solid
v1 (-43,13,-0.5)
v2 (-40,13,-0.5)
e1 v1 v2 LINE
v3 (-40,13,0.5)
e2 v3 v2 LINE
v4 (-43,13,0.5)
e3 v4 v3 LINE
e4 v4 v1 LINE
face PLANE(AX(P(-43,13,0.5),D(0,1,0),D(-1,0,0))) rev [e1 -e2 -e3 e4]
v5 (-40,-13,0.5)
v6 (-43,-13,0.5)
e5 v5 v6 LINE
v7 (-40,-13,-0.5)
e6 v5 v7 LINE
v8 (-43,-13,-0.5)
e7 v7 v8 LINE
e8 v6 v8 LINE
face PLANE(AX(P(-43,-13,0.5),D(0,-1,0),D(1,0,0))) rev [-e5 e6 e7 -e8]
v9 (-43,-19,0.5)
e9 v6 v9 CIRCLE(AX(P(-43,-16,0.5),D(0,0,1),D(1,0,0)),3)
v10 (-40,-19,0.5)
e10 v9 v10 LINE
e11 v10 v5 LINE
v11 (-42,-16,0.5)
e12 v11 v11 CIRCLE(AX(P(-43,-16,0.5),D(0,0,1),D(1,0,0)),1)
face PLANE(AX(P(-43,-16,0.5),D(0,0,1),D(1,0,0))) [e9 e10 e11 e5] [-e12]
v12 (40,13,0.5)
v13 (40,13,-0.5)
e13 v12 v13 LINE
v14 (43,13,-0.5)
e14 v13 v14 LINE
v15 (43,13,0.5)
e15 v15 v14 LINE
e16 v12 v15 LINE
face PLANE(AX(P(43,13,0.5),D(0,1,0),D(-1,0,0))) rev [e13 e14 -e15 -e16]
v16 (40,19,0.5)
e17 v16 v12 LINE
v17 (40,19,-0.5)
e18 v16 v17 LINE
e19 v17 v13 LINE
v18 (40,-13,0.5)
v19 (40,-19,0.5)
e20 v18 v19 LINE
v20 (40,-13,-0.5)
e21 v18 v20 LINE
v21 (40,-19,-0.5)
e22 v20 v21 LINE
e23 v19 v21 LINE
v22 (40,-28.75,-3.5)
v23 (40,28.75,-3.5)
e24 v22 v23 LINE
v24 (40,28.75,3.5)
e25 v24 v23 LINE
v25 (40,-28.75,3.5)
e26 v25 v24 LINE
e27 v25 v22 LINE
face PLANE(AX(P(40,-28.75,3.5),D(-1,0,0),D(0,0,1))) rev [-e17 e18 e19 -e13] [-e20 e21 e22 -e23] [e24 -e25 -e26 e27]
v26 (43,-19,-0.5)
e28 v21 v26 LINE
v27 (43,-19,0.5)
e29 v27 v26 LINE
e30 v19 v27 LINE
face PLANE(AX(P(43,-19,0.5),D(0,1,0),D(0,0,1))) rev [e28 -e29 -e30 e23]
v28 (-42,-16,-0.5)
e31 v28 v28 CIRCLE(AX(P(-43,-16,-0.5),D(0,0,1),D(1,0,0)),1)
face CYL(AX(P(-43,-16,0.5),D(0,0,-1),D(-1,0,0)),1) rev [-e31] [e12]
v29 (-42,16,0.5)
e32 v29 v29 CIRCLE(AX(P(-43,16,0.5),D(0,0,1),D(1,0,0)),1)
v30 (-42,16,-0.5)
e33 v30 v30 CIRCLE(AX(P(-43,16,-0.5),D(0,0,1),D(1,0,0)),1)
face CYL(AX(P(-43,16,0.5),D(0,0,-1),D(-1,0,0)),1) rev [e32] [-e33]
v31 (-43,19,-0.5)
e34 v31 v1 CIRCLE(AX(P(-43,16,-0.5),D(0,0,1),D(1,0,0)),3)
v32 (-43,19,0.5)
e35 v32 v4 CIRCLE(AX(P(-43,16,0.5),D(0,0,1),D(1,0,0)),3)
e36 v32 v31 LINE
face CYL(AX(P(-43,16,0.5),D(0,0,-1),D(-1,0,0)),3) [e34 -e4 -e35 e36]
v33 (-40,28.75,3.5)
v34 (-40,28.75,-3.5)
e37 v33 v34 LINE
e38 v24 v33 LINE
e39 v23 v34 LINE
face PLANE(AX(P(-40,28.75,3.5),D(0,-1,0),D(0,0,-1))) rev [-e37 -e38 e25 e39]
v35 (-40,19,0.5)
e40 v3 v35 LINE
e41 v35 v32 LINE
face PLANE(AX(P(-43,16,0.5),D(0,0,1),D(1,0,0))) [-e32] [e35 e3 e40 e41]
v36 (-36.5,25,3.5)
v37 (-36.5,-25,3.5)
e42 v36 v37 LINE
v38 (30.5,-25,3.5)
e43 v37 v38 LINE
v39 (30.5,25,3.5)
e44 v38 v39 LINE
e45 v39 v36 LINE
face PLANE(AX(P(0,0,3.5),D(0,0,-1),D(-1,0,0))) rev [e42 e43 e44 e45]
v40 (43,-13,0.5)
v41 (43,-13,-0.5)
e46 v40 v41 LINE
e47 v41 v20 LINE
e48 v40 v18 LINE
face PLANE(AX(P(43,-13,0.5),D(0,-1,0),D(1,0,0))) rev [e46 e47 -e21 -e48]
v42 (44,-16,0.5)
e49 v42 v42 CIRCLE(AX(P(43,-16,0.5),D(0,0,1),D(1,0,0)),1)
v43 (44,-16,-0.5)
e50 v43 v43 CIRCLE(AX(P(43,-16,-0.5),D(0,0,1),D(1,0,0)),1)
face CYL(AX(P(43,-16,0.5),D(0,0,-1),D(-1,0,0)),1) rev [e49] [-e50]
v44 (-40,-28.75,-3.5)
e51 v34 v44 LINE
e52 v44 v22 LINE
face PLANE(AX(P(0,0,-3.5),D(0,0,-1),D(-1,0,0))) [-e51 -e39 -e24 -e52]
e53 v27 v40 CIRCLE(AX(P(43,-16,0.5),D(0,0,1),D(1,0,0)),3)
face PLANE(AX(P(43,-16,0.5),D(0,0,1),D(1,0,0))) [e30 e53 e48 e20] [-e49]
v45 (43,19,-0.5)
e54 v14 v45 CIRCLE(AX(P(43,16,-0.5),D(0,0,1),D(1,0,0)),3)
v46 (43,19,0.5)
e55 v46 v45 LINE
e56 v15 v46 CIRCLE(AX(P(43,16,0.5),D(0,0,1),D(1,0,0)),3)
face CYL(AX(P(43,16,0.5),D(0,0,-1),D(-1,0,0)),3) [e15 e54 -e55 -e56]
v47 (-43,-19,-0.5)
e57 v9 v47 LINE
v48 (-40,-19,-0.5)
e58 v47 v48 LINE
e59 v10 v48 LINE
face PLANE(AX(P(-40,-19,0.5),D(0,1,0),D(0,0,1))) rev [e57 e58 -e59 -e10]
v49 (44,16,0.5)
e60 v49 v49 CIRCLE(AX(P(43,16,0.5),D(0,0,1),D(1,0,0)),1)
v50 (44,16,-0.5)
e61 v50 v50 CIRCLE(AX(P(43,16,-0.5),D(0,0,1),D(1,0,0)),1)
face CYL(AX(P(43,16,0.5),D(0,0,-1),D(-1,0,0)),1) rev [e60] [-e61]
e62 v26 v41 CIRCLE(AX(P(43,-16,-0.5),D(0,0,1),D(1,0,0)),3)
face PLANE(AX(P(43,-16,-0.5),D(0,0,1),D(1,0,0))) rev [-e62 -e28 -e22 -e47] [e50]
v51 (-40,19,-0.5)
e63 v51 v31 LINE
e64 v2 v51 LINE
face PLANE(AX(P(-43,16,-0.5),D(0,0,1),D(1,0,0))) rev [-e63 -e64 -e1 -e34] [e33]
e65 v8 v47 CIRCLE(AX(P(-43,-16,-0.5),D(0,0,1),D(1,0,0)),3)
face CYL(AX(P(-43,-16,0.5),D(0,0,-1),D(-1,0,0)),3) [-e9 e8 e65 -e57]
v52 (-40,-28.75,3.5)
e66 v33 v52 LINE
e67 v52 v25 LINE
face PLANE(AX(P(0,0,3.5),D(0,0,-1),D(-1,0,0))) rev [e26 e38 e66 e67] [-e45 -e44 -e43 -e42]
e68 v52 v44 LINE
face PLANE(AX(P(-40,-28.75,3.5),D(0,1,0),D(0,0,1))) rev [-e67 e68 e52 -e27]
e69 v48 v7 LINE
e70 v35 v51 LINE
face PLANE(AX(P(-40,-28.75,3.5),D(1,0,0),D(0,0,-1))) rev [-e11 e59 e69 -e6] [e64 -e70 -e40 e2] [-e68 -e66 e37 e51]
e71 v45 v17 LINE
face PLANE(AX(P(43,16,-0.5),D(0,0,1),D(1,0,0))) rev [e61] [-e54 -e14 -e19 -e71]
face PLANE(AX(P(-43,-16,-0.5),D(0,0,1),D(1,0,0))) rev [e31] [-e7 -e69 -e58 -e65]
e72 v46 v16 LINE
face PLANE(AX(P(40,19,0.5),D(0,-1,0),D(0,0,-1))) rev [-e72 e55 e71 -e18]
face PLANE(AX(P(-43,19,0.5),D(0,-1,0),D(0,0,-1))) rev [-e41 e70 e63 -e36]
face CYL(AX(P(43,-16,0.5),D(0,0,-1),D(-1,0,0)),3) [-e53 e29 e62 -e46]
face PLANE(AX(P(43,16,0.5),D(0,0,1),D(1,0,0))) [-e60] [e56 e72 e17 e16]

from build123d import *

# Parameters (mm, degrees)
SKETCH1_W           = 80
SKETCH1_H           = 57.5
BOSS_EXTRUDE1_DEPTH = 3.5
SKETCH3_R           = 1
BOSS_EXTRUDE2_DEPTH = 0.5


with BuildPart() as part:
    # Sketch1 → Boss-Extrude1 (new, symmetric)
    with BuildSketch(Plane.XY):
        Rectangle(SKETCH1_W, SKETCH1_H)
    extrude(amount=BOSS_EXTRUDE1_DEPTH, both=True)

    # Sketch3 → Boss-Extrude2 (add, symmetric)
    # profile 1 of 4: a face of its own
    with BuildSketch(Plane.XY):
        with BuildLine():
            Line((40, 19), (43, 19))
            ThreePointArc((43, 19), (46, 16), (43, 13))
            Line((43, 13), (40, 13))
            Line((40, 13), (40, 19))
        make_face()
        with Locations((43, 16)):
            Circle(SKETCH3_R, mode=Mode.SUBTRACT)
    # profile 2 of 4: a face of its own
    with BuildSketch(Plane.XY):
        with BuildLine():
            Line((43, -19), (40, -19))
            Line((40, -19), (40, -13))
            Line((40, -13), (43, -13))
            ThreePointArc((43, -13), (46, -16), (43, -19))
        make_face()
        with Locations((43, -16)):
            Circle(SKETCH3_R, mode=Mode.SUBTRACT)
    # profile 3 of 4: a face of its own
    with BuildSketch(Plane.XY):
        with BuildLine():
            Line((-43, 19), (-40, 19))
            Line((-40, 19), (-40, 13))
            Line((-40, 13), (-43, 13))
            ThreePointArc((-43, 13), (-46, 16), (-43, 19))
        make_face()
        with Locations((-43, 16)):
            Circle(SKETCH3_R, mode=Mode.SUBTRACT)
    # profile 4 of 4: a face of its own
    with BuildSketch(Plane.XY):
        with BuildLine():
            Line((-43, -13), (-40, -13))
            Line((-40, -13), (-40, -19))
            Line((-40, -19), (-43, -19))
            ThreePointArc((-43, -19), (-46, -16), (-43, -13))
        make_face()
        with Locations((-43, -16)):
            Circle(SKETCH3_R, mode=Mode.SUBTRACT)
    extrude(amount=BOSS_EXTRUDE2_DEPTH, both=True)


solid = part.part
